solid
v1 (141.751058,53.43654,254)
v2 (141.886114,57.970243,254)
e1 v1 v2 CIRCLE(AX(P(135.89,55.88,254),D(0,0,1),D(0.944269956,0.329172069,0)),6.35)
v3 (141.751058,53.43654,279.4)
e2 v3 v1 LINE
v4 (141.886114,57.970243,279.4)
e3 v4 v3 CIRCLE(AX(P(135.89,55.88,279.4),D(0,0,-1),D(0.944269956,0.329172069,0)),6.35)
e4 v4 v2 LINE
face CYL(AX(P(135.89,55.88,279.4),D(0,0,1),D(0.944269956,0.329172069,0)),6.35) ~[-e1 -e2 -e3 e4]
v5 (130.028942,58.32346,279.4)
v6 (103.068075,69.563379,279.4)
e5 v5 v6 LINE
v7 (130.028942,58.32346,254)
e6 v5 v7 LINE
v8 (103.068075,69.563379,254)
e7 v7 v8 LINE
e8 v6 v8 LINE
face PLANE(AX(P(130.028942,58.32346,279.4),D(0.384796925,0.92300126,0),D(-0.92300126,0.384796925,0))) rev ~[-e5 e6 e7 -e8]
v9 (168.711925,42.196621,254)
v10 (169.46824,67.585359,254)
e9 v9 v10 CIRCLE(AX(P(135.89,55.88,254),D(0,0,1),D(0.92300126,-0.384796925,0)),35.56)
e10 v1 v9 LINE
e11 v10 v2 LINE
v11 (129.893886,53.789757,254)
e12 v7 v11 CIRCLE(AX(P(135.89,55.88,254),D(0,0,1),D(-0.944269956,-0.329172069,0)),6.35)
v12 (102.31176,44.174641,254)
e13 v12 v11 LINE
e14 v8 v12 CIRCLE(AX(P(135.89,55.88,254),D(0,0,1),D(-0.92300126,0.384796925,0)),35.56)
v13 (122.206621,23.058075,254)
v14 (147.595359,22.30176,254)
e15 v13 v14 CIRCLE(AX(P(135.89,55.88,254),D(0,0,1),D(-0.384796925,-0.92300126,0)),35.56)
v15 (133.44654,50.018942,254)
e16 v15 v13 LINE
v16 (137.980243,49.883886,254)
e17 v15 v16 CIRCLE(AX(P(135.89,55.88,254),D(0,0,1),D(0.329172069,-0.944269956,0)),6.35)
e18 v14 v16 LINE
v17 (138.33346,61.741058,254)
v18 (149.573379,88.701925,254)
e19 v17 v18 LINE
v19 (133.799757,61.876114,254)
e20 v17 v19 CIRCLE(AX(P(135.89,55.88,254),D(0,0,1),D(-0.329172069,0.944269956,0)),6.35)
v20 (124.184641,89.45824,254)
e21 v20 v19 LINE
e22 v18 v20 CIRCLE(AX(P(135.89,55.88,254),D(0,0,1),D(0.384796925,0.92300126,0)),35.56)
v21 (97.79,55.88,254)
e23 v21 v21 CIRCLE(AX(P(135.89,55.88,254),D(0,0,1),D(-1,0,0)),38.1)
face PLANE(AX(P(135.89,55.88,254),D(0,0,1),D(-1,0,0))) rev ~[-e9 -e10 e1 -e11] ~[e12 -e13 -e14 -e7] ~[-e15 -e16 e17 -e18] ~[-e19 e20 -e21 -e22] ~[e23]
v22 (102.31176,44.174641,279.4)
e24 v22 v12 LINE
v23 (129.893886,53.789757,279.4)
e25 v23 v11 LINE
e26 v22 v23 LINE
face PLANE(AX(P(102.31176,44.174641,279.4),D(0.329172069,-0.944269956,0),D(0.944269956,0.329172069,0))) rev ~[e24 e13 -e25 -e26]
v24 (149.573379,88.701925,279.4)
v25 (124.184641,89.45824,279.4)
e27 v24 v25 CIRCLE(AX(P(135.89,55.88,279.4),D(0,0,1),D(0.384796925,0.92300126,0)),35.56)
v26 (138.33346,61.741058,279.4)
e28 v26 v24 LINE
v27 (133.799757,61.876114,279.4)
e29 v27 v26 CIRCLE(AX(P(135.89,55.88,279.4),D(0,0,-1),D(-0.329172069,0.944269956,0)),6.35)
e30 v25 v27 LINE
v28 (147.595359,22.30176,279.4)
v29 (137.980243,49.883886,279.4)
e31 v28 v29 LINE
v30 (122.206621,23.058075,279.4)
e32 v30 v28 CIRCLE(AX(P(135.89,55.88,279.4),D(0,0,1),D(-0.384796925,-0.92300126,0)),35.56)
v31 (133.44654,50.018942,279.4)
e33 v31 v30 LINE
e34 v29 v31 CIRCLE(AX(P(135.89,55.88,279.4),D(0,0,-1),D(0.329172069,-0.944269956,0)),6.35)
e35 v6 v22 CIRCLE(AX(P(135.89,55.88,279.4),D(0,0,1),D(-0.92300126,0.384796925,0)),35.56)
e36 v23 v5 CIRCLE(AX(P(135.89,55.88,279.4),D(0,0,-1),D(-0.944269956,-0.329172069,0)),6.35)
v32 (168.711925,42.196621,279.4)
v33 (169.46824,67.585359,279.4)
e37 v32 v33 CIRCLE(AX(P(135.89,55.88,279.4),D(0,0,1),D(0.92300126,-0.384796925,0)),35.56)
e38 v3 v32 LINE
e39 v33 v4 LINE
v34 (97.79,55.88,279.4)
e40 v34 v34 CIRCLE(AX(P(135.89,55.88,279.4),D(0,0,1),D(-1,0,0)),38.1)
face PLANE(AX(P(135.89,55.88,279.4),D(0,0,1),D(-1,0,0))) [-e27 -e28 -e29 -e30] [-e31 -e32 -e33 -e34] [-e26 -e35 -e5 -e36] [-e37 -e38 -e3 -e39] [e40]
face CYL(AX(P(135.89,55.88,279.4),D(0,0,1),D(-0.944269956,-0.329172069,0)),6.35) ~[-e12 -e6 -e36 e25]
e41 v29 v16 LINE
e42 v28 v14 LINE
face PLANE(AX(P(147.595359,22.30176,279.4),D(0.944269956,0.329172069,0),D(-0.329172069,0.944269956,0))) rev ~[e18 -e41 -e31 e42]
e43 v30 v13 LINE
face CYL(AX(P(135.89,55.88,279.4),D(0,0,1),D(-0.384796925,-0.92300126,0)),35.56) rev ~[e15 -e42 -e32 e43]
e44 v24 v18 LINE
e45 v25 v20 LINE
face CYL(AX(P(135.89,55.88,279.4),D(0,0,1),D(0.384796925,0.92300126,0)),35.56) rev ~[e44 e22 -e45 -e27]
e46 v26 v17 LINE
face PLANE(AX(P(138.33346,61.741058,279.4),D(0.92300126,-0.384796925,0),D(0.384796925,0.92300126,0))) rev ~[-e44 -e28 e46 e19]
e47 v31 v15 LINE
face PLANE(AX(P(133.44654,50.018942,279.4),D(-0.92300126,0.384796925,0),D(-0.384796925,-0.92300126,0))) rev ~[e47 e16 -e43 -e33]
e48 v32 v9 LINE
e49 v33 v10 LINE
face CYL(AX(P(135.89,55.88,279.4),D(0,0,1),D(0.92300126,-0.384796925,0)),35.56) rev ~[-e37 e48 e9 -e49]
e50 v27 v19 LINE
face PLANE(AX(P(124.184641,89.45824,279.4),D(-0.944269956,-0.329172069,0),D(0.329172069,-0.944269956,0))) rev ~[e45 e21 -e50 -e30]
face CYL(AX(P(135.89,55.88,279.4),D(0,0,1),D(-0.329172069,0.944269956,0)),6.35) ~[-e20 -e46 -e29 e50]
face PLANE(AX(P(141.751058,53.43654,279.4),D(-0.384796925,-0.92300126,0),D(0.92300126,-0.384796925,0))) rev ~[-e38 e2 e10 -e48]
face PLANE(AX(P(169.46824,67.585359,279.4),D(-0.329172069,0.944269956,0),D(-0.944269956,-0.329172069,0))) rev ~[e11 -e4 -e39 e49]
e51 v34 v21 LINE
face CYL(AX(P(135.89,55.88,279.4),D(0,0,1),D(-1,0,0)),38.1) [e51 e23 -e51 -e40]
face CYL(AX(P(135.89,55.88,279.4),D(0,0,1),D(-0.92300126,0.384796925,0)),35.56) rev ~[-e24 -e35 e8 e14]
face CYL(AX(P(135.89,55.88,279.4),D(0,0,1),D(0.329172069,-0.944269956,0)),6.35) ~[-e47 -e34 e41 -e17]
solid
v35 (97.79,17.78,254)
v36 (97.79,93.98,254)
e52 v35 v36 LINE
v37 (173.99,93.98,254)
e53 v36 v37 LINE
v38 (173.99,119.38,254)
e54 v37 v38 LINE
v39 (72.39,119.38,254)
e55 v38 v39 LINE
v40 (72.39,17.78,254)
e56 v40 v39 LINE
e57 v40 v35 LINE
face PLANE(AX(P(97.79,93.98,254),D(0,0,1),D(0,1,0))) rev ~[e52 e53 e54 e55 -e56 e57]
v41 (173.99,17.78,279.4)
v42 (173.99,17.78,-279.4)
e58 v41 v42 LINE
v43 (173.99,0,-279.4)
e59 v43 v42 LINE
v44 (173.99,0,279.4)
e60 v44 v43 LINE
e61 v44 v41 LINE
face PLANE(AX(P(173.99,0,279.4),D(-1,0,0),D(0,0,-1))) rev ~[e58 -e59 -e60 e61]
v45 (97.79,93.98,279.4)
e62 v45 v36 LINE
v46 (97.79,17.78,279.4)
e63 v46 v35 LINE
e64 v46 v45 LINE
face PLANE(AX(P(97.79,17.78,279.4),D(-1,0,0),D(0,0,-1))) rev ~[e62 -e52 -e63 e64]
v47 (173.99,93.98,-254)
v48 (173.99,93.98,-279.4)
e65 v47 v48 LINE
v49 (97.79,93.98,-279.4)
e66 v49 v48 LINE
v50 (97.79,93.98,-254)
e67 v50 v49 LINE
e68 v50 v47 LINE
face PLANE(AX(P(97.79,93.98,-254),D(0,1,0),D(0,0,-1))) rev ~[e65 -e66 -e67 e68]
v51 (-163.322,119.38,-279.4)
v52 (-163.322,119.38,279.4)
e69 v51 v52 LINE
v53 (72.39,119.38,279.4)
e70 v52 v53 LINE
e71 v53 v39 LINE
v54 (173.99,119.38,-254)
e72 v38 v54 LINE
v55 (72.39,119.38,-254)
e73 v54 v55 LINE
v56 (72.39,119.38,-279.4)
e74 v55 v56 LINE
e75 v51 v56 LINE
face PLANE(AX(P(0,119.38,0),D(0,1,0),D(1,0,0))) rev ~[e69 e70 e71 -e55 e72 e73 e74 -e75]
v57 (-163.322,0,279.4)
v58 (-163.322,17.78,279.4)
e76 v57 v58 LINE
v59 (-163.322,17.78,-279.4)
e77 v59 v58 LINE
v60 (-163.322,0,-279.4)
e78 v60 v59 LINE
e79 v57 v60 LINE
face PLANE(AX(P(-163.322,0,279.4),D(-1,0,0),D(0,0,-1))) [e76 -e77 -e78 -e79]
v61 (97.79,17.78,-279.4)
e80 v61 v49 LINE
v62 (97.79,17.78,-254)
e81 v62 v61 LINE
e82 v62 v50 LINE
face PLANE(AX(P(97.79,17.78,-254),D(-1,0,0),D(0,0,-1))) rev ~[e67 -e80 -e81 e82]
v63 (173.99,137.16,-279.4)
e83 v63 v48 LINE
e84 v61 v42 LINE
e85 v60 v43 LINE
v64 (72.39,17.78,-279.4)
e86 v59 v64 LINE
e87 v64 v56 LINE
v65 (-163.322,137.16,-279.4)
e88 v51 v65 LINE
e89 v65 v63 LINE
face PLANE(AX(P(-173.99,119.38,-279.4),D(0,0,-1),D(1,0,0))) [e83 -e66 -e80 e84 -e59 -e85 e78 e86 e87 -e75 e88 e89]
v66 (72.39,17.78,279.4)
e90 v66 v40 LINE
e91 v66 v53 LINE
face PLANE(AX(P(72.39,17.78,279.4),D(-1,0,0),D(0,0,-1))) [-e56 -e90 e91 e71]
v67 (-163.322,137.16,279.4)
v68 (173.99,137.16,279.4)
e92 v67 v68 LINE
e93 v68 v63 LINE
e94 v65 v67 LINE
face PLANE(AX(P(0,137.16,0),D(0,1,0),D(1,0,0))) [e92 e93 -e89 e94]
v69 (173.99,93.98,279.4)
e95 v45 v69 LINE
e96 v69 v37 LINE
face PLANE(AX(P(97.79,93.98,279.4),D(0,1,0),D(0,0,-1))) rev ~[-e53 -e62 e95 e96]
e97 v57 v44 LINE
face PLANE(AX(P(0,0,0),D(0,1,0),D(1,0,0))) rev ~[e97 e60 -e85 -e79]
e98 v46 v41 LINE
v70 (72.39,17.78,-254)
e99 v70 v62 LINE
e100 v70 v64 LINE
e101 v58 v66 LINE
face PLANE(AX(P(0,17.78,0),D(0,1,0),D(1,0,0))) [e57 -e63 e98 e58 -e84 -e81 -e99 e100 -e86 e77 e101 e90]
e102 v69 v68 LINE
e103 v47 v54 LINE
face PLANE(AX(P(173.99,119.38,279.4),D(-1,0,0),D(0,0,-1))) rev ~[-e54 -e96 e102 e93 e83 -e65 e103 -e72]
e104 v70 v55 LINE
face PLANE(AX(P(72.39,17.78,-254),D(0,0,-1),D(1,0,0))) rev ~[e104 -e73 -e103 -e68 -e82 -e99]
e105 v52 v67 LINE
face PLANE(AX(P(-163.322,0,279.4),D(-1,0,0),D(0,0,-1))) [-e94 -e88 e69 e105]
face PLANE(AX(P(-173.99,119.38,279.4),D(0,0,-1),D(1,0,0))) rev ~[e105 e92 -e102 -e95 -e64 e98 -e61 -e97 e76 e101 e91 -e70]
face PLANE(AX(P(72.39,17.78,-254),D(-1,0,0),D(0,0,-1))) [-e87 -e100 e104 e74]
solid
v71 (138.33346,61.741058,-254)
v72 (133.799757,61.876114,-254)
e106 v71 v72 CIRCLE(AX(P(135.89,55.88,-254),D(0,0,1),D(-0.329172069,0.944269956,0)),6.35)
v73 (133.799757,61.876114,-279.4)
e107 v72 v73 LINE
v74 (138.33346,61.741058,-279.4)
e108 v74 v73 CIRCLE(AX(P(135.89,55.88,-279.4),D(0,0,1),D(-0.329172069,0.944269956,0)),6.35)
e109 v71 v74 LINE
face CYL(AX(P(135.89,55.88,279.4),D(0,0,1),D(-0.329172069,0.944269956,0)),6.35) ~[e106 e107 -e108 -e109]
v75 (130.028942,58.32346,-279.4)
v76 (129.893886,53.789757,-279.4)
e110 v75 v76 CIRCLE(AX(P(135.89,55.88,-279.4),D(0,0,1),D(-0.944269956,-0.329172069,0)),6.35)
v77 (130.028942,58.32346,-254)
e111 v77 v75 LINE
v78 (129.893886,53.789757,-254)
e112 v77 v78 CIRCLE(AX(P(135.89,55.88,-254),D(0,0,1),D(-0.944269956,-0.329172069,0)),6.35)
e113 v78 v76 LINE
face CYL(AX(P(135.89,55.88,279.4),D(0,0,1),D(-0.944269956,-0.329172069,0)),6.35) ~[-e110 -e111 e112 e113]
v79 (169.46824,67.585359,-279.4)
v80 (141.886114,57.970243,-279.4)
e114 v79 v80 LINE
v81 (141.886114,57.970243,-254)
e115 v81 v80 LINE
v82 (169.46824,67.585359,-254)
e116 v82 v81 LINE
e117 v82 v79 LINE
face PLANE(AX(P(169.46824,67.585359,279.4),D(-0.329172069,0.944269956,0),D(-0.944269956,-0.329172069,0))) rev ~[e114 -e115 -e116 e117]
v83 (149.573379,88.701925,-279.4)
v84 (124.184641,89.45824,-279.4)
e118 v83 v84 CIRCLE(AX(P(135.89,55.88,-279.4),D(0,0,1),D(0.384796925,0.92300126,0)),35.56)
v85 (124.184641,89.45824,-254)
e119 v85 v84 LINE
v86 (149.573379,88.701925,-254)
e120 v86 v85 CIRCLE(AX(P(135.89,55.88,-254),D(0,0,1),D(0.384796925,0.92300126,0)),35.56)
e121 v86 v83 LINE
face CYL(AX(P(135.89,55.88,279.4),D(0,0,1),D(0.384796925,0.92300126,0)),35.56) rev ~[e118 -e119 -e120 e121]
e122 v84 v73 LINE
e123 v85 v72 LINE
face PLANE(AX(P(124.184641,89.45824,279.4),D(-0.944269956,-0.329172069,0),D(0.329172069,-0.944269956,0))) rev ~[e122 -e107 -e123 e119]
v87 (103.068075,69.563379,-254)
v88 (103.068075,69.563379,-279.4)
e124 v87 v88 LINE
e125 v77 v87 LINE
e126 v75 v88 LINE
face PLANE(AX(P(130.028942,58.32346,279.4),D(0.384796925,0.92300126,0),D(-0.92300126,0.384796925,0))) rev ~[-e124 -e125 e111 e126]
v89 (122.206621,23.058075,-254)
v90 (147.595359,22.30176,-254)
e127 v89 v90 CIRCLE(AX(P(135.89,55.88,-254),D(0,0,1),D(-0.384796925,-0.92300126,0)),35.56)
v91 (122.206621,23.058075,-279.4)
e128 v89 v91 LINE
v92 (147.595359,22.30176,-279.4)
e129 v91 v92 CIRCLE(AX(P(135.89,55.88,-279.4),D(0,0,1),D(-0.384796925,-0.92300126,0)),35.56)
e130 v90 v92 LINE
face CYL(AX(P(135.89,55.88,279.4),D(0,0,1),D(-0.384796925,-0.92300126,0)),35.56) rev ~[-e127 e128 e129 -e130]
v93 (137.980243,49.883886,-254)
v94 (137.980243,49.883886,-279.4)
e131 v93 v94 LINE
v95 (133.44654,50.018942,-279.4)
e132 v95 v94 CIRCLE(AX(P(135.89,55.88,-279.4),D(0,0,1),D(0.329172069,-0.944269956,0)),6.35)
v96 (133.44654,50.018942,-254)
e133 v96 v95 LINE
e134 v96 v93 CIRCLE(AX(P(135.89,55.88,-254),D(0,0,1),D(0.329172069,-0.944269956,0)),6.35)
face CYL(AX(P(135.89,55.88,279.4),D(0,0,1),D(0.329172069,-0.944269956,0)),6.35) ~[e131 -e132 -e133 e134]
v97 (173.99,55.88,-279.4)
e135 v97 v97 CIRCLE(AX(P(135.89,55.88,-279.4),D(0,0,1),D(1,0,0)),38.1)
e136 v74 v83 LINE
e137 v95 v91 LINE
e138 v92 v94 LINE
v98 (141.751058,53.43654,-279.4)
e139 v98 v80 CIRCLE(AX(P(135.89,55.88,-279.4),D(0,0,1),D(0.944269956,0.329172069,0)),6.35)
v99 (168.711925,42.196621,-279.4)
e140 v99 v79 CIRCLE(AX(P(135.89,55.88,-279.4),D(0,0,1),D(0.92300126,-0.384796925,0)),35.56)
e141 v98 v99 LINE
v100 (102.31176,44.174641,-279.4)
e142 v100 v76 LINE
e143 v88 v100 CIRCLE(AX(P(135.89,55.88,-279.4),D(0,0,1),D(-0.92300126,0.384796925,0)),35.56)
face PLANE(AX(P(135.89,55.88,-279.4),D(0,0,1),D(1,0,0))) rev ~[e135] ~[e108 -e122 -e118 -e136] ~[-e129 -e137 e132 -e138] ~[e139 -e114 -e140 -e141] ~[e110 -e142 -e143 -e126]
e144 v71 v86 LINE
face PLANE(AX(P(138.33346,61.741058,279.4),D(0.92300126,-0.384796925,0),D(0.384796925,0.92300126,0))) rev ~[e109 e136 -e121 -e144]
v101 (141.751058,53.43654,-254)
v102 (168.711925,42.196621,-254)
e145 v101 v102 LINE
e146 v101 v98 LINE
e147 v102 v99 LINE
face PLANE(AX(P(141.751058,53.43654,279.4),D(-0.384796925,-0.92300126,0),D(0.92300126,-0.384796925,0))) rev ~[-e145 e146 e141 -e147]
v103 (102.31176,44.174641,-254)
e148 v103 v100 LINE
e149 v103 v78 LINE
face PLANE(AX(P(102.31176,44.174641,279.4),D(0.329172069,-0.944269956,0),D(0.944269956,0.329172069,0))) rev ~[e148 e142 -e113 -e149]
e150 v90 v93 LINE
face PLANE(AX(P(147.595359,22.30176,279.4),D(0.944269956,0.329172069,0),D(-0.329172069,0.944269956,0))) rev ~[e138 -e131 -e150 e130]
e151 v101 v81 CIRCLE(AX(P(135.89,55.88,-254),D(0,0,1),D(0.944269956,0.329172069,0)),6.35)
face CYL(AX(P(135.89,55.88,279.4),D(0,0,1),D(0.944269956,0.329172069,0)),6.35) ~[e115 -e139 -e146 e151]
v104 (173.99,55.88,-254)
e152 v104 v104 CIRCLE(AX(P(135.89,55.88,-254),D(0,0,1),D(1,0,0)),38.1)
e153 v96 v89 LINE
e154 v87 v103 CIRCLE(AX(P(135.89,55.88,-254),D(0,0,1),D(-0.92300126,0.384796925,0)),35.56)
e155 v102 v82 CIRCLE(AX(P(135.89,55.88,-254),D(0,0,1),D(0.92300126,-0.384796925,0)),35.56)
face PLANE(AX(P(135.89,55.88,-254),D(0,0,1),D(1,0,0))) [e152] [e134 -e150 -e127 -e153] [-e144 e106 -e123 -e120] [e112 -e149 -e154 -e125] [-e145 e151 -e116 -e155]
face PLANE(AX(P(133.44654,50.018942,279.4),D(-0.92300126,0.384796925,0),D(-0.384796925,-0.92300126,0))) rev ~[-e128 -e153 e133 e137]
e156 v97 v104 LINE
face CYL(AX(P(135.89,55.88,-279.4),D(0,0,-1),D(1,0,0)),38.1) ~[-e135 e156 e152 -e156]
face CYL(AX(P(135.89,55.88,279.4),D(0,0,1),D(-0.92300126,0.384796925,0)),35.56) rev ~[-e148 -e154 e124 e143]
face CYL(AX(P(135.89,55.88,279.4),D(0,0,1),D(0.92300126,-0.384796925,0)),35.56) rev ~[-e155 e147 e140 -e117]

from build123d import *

# Parameters (mm, degrees)
SKETCH2_W           = 347.98
SKETCH2_H           = 558.8
BOSS_EXTRUDE1_DEPTH = 17.78
SKETCH3_W           = 25.4
SKETCH3_H           = 25.4
BOSS_EXTRUDE2_DEPTH = 101.6
SKETCH4_W           = 25.4
SKETCH4_H           = 25.4
BOSS_EXTRUDE3_DEPTH = 76.2
BOSS_EXTRUDE4_START = 279.4
SKETCH5_R           = 38.1
BOSS_EXTRUDE4_DEPTH = 25.4
BOSS_EXTRUDE5_START = -279.4
SKETCH5_2_R         = 38.1
BOSS_EXTRUDE5_DEPTH = 25.4
CUT_EXTRUDE2_DEPTH  = 1270
BOSS_EXTRUDE6_START = 119.38
SKETCH2_2_W         = 347.98
SKETCH2_2_H         = 558.8
BOSS_EXTRUDE6_DEPTH = 17.78
SKETCH7_W           = 10.668
SKETCH7_H           = 558.8
CUT_EXTRUDE3_DEPTH  = 381


with BuildPart() as part:
    # Sketch2 → Boss-Extrude1 (new body)
    with BuildSketch(Plane(origin=(0, 0, 0), x_dir=(1, 0, 0), z_dir=(0, 1, 0))):
        Rectangle(SKETCH2_W, SKETCH2_H)
    extrude(amount=BOSS_EXTRUDE1_DEPTH)

    # Sketch3 → Boss-Extrude2 (add)
    with BuildSketch(Plane(origin=(0, 17.78, 0), x_dir=(1, 0, 0), z_dir=(0, 1, 0))):
        with Locations((85.09, -266.7)):
            Rectangle(SKETCH3_W, SKETCH3_H)
        with Locations((85.09, 266.7)):
            Rectangle(SKETCH3_W, SKETCH3_H)
    extrude(amount=BOSS_EXTRUDE2_DEPTH)

    # Sketch4 → Boss-Extrude3 (add)
    with BuildSketch(Plane(origin=(97.79, 0, 0), x_dir=(0, 0, -1), z_dir=(1, 0, 0))):
        with Locations((-266.7, 106.68)):
            Rectangle(SKETCH4_W, SKETCH4_H)
        with Locations((266.7, 106.68)):
            Rectangle(SKETCH4_W, SKETCH4_H)
    extrude(amount=BOSS_EXTRUDE3_DEPTH)

    # Sketch2<2> → Boss-Extrude6 (add)
    with BuildSketch(Plane(origin=(0, 0, 0), x_dir=(1, 0, 0), z_dir=(0, 1, 0)).offset(BOSS_EXTRUDE6_START)):
        Rectangle(SKETCH2_2_W, SKETCH2_2_H)
    extrude(amount=BOSS_EXTRUDE6_DEPTH)

    # Sketch7 → Cut-Extrude3 (cut)
    with BuildSketch(Plane(origin=(0, 0, 0), x_dir=(1, 0, 0), z_dir=(0, 1, 0))):
        with Locations((-168.656, 0)):
            Rectangle(SKETCH7_W, SKETCH7_H)
    extrude(amount=CUT_EXTRUDE3_DEPTH, mode=Mode.SUBTRACT)


with BuildPart() as body_2:
    # Sketch5 → Boss-Extrude4 (new body)
    with BuildSketch(Plane.XY.offset(BOSS_EXTRUDE4_START)):
        with Locations(Location((135.89, 55.88, 0), (0, 0, 180))):
            Circle(SKETCH5_R)
    extrude(amount=-BOSS_EXTRUDE4_DEPTH)


with BuildPart() as body_3:
    # Sketch5<2> → Boss-Extrude5 (new body)
    with BuildSketch(Plane.XY.offset(BOSS_EXTRUDE5_START)):
        with Locations((135.89, 55.88)):
            Circle(SKETCH5_2_R)
    extrude(amount=BOSS_EXTRUDE5_DEPTH)


with BuildPart() as cut_extrude2_tool:
    # Sketch6 → Cut-Extrude2 (new body)
    with BuildSketch(Plane.XY.offset(279.4)):
        with BuildLine():
            Line((124.184641238, 89.458239624), (133.799757364, 61.876114219))
            ThreePointArc((133.799757364, 61.876114219), (136.079078703, 62.227184356), (138.333460475, 61.741058002))
            Line((138.333460475, 61.741058002), (149.57337866, 88.701924813))
            ThreePointArc((149.57337866, 88.701924813), (136.948840735, 91.424232391), (124.184641238, 89.458239624))
        make_face()
        with BuildLine():
            Line((169.468239624, 67.585358762), (141.886114219, 57.970242636))
            ThreePointArc((141.886114219, 57.970242636), (142.237184356, 55.690921297), (141.751058002, 53.436539525))
            Line((141.751058002, 53.436539525), (168.711924813, 42.19662134))
            ThreePointArc((168.711924813, 42.19662134), (171.434232391, 54.821159265), (169.468239624, 67.585358762))
        make_face()
        with BuildLine():
            Line((147.595358762, 22.301760376), (137.980242636, 49.883885781))
            ThreePointArc((137.980242636, 49.883885781), (135.700921297, 49.532815644), (133.446539525, 50.018941998))
            Line((133.446539525, 50.018941998), (122.20662134, 23.058075187))
            ThreePointArc((122.20662134, 23.058075187), (134.831159265, 20.335767609), (147.595358762, 22.301760376))
        make_face()
        with BuildLine():
            Line((102.311760376, 44.174641238), (129.893885781, 53.789757364))
            ThreePointArc((129.893885781, 53.789757364), (129.542815644, 56.069078703), (130.028941998, 58.323460475))
            Line((130.028941998, 58.323460475), (103.068075187, 69.56337866))
            ThreePointArc((103.068075187, 69.56337866), (100.345767609, 56.938840735), (102.311760376, 44.174641238))
        make_face()
    extrude(amount=-CUT_EXTRUDE2_DEPTH)


with BuildPart() as body_2_1:
    add(body_2.part)

    # Cut-Extrude2: cut by cut_extrude2_tool
    add(cut_extrude2_tool.part, mode=Mode.SUBTRACT)


with BuildPart() as body_3_1:
    add(body_3.part)

    # Cut-Extrude2: cut by cut_extrude2_tool
    add(cut_extrude2_tool.part, mode=Mode.SUBTRACT)


solid = Compound([part.part, body_2_1.part, body_3_1.part])
